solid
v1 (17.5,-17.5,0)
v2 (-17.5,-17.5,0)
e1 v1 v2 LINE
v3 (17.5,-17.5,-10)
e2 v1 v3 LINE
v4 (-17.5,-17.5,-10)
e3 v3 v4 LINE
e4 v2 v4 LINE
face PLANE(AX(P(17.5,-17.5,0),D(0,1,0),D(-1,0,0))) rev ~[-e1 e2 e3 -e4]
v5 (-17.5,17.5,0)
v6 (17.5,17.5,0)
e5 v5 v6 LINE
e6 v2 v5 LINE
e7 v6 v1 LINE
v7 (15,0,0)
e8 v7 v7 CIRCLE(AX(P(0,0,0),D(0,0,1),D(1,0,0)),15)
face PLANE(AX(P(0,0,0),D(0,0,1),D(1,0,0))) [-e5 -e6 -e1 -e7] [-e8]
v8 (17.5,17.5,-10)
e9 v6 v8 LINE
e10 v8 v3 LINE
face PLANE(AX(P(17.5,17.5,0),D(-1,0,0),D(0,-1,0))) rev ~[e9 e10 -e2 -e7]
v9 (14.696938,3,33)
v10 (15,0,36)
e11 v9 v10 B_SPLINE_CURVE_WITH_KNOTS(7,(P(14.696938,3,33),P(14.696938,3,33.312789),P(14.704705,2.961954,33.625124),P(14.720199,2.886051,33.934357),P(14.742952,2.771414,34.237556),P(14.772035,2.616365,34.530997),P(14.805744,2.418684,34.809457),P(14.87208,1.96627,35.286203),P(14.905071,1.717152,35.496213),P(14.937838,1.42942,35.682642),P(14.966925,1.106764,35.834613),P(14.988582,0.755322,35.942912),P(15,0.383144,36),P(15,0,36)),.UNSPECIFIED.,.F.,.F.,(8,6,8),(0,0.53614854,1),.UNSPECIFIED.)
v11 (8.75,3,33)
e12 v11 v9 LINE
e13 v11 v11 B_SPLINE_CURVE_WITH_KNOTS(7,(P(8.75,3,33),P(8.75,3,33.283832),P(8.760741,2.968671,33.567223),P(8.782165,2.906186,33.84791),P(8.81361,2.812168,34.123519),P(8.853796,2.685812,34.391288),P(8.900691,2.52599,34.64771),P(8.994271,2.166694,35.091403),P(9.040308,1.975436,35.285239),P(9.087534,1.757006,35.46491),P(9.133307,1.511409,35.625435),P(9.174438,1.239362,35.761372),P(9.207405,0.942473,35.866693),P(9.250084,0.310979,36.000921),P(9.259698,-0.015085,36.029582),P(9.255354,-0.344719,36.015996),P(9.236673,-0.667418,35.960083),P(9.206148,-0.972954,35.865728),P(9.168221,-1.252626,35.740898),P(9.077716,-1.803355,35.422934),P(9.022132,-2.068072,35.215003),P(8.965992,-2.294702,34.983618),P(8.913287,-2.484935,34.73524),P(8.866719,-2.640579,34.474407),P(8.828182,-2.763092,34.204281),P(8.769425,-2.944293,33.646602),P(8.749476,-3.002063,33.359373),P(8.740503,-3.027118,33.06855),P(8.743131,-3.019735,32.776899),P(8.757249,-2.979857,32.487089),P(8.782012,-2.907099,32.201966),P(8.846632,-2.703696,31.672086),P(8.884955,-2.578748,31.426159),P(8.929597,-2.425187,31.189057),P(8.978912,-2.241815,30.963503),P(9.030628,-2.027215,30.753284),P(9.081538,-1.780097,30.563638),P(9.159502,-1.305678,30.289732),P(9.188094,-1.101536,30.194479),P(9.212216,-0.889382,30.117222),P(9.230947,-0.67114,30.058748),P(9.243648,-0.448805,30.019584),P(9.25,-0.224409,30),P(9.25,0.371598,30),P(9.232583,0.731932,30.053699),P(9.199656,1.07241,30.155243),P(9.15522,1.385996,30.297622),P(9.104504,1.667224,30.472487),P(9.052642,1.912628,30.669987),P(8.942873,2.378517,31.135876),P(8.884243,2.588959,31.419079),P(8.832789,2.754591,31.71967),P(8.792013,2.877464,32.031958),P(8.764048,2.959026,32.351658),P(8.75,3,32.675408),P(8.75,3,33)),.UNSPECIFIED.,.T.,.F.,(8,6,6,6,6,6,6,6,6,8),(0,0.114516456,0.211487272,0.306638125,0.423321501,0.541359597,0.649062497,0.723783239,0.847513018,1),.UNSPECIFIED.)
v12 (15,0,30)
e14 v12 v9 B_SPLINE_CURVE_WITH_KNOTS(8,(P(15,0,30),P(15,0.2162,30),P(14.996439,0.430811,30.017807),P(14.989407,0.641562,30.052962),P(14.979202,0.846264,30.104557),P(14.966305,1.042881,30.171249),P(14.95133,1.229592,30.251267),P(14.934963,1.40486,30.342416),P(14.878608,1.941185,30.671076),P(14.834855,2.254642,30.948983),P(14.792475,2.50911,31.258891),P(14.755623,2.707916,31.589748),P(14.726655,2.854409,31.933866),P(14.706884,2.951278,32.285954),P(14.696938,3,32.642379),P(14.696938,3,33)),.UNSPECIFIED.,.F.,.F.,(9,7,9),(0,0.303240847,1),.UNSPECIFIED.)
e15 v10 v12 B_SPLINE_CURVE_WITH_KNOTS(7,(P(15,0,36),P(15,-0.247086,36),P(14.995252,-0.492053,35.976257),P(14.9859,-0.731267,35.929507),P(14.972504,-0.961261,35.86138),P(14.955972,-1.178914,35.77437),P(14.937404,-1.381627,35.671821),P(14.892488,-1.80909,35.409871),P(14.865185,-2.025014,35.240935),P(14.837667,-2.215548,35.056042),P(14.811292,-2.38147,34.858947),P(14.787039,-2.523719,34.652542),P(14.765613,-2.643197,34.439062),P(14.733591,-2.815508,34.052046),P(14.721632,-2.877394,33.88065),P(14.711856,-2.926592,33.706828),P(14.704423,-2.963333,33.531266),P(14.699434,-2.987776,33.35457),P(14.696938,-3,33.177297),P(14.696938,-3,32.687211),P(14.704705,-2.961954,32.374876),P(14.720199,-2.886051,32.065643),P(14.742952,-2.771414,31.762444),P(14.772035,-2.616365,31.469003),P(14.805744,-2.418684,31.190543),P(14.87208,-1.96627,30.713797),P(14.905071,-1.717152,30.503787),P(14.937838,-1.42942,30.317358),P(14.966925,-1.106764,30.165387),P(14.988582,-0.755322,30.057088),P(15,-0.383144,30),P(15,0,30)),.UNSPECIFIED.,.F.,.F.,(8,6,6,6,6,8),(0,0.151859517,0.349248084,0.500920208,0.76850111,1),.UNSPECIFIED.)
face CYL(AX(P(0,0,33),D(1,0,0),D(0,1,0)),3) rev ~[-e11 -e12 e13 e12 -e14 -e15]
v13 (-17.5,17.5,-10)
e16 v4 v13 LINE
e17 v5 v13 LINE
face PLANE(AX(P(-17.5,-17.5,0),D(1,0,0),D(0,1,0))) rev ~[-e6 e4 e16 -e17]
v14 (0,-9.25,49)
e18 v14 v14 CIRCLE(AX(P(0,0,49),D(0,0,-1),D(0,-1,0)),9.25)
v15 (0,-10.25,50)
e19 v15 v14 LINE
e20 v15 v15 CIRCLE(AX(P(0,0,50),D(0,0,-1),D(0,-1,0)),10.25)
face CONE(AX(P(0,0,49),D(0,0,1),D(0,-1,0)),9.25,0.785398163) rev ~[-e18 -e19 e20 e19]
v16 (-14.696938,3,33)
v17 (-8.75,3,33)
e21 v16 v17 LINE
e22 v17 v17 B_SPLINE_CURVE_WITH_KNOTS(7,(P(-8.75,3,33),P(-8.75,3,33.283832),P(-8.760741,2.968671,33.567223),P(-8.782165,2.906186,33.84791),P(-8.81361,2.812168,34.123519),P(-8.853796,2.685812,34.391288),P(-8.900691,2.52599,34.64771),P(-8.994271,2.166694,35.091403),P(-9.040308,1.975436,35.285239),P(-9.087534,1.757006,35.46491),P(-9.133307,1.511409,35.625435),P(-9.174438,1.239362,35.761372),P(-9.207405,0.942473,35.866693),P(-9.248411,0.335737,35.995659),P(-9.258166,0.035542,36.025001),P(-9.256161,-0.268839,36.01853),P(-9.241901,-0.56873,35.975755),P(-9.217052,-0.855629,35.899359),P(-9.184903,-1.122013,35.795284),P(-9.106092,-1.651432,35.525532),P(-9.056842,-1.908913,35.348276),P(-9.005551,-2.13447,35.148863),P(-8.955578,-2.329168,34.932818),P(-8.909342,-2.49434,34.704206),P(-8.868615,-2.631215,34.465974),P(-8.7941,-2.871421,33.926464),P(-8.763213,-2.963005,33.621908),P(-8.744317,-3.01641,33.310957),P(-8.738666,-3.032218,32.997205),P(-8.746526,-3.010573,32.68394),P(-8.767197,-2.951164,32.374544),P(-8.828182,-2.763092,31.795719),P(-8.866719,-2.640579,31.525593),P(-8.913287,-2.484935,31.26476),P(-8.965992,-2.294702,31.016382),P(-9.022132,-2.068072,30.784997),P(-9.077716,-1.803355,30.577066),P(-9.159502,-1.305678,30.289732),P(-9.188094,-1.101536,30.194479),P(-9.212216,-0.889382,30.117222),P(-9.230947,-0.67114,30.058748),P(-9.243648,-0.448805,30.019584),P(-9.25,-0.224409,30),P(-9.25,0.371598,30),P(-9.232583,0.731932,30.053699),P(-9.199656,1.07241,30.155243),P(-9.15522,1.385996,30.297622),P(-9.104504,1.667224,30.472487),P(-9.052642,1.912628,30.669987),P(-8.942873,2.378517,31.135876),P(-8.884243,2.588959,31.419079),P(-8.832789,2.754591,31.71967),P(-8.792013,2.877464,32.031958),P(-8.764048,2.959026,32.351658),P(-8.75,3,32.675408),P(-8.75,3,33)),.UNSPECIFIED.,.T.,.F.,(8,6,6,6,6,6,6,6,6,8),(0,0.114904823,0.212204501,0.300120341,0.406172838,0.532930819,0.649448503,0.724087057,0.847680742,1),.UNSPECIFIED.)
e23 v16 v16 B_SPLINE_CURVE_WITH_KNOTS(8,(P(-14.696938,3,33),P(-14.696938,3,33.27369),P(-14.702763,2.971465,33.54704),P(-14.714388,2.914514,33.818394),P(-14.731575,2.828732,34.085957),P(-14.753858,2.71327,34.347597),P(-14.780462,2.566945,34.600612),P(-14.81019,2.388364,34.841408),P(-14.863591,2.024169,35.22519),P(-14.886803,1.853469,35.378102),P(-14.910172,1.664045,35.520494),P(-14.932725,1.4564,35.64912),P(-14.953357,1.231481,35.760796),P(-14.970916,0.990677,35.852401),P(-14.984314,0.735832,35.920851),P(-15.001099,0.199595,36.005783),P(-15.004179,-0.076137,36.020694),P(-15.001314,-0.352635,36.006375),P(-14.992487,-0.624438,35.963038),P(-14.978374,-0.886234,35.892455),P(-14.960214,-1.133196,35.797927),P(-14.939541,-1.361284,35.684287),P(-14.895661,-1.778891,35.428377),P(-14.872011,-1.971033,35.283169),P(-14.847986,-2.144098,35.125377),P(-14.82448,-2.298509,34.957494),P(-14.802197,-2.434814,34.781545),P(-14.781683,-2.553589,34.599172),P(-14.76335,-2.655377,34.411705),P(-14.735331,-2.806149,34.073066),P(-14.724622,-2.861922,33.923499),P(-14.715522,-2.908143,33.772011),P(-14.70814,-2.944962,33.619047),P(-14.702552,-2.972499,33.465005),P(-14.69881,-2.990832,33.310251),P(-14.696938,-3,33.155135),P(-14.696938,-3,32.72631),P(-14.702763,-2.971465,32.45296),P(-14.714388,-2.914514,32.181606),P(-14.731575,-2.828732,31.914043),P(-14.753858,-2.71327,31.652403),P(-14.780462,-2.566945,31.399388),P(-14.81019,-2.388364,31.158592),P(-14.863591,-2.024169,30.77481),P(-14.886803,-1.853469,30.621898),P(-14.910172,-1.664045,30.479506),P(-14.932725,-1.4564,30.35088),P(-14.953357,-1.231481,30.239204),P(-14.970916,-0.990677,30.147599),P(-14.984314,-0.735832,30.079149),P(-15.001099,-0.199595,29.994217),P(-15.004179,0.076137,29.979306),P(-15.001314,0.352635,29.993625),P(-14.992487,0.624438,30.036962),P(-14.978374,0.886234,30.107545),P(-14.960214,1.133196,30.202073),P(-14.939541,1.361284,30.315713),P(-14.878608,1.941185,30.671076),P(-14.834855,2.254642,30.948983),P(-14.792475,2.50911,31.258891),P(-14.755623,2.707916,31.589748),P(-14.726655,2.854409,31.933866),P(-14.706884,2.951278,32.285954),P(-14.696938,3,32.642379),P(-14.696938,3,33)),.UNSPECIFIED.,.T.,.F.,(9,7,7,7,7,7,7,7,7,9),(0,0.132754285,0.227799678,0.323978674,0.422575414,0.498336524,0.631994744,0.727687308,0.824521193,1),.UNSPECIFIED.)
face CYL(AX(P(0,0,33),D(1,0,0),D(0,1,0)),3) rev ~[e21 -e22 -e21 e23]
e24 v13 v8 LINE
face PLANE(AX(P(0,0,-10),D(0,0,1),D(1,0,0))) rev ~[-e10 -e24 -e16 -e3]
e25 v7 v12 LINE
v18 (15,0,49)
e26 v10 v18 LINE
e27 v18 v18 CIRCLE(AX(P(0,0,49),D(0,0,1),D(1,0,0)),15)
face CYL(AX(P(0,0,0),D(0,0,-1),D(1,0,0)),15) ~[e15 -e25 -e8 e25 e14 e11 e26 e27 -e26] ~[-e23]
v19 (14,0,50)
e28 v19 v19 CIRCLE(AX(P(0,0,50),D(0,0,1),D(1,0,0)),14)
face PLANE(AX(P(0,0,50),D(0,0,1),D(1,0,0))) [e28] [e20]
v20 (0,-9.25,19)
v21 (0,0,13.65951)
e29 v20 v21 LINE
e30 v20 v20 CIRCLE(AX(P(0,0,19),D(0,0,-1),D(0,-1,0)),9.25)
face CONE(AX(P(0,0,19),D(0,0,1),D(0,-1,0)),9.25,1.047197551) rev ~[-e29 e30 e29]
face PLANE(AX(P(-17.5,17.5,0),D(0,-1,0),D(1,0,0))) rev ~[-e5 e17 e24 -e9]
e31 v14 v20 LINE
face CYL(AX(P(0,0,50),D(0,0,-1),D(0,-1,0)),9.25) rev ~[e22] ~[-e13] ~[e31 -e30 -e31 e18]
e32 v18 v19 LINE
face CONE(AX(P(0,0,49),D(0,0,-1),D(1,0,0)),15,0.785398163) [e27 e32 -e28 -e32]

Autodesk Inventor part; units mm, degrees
ref_plane "YZ Plane" through (0, 0, 0) normal (1, 0, 0) x (0, 1, 0)
ref_plane "XZ Plane" through (0, 0, 0) normal (0, 1, 0) x (-1, 0, 0)
ref_plane "XY Plane" through (0, 0, 0) normal (0, 0, 1) x (1, 0, 0)
sketch "Эскиз1" plane through (0, 0, 0) normal (0, 0, 1) x (1, 0, 0)
  line L0 (17.5, -17.5) -> (-17.5, -17.5)
  line L1 (-17.5, -17.5) -> (-17.5, 17.5)
  line L2 (-17.5, 17.5) -> (17.5, 17.5)
  line L3 (17.5, 17.5) -> (17.5, -17.5)
  line L4 (17.5, -17.5) -> (-17.5, 17.5) construction
  line L5 (-17.5, -17.5) -> (17.5, 17.5) construction
  point P0 (0, 0)
  dimension "d0" = 35
  dimension "d1" = 35
extrude "Выдавливание1" add sketch "Эскиз1" against normal blind 10
sketch "Эскиз2" plane through (0, 0, 0) normal (0, 0, 1) x (1, 0, 0)
  circle A0 centre (0, 0) radius 15
  dimension "d4" = 30
extrude "Выдавливание2" add sketch "Эскиз2" along normal blind 50
sketch "Эскиз3" plane through (0, 0, 50) normal (0, 0, 1) x (1, 0, 0)
  point P0 (0, 0)
  point P1 (0, 0)
hole "Отверстие1" at (0, 0, 50) direction (0, 0, -1) diameter 18.5 depth 31 tip angle 120
sketch "Эскиз4" plane through (0, 0, 0) normal (1, 0, 0) x (0, 1, 0)
  circle A0 centre (0, 33) radius 3
  line L0 (0, -22) -> (0, 62) projected
  line L1 (17.5, 0) -> (-17.5, 0) projected
  line L2 (15, 50) -> (-15, 50) projected
  point P0 (0, 0)
  dimension "d14" = 6
  dimension "d15" = 17
extrude "Выдавливание3" cut sketch "Эскиз4" along normal mid plane 50
chamfer "Фаска1" distance 1 angle 45 2 edges at (-15, 0, 50) (0, 9.25, 50)
properties part number "Инж_граф_1"
